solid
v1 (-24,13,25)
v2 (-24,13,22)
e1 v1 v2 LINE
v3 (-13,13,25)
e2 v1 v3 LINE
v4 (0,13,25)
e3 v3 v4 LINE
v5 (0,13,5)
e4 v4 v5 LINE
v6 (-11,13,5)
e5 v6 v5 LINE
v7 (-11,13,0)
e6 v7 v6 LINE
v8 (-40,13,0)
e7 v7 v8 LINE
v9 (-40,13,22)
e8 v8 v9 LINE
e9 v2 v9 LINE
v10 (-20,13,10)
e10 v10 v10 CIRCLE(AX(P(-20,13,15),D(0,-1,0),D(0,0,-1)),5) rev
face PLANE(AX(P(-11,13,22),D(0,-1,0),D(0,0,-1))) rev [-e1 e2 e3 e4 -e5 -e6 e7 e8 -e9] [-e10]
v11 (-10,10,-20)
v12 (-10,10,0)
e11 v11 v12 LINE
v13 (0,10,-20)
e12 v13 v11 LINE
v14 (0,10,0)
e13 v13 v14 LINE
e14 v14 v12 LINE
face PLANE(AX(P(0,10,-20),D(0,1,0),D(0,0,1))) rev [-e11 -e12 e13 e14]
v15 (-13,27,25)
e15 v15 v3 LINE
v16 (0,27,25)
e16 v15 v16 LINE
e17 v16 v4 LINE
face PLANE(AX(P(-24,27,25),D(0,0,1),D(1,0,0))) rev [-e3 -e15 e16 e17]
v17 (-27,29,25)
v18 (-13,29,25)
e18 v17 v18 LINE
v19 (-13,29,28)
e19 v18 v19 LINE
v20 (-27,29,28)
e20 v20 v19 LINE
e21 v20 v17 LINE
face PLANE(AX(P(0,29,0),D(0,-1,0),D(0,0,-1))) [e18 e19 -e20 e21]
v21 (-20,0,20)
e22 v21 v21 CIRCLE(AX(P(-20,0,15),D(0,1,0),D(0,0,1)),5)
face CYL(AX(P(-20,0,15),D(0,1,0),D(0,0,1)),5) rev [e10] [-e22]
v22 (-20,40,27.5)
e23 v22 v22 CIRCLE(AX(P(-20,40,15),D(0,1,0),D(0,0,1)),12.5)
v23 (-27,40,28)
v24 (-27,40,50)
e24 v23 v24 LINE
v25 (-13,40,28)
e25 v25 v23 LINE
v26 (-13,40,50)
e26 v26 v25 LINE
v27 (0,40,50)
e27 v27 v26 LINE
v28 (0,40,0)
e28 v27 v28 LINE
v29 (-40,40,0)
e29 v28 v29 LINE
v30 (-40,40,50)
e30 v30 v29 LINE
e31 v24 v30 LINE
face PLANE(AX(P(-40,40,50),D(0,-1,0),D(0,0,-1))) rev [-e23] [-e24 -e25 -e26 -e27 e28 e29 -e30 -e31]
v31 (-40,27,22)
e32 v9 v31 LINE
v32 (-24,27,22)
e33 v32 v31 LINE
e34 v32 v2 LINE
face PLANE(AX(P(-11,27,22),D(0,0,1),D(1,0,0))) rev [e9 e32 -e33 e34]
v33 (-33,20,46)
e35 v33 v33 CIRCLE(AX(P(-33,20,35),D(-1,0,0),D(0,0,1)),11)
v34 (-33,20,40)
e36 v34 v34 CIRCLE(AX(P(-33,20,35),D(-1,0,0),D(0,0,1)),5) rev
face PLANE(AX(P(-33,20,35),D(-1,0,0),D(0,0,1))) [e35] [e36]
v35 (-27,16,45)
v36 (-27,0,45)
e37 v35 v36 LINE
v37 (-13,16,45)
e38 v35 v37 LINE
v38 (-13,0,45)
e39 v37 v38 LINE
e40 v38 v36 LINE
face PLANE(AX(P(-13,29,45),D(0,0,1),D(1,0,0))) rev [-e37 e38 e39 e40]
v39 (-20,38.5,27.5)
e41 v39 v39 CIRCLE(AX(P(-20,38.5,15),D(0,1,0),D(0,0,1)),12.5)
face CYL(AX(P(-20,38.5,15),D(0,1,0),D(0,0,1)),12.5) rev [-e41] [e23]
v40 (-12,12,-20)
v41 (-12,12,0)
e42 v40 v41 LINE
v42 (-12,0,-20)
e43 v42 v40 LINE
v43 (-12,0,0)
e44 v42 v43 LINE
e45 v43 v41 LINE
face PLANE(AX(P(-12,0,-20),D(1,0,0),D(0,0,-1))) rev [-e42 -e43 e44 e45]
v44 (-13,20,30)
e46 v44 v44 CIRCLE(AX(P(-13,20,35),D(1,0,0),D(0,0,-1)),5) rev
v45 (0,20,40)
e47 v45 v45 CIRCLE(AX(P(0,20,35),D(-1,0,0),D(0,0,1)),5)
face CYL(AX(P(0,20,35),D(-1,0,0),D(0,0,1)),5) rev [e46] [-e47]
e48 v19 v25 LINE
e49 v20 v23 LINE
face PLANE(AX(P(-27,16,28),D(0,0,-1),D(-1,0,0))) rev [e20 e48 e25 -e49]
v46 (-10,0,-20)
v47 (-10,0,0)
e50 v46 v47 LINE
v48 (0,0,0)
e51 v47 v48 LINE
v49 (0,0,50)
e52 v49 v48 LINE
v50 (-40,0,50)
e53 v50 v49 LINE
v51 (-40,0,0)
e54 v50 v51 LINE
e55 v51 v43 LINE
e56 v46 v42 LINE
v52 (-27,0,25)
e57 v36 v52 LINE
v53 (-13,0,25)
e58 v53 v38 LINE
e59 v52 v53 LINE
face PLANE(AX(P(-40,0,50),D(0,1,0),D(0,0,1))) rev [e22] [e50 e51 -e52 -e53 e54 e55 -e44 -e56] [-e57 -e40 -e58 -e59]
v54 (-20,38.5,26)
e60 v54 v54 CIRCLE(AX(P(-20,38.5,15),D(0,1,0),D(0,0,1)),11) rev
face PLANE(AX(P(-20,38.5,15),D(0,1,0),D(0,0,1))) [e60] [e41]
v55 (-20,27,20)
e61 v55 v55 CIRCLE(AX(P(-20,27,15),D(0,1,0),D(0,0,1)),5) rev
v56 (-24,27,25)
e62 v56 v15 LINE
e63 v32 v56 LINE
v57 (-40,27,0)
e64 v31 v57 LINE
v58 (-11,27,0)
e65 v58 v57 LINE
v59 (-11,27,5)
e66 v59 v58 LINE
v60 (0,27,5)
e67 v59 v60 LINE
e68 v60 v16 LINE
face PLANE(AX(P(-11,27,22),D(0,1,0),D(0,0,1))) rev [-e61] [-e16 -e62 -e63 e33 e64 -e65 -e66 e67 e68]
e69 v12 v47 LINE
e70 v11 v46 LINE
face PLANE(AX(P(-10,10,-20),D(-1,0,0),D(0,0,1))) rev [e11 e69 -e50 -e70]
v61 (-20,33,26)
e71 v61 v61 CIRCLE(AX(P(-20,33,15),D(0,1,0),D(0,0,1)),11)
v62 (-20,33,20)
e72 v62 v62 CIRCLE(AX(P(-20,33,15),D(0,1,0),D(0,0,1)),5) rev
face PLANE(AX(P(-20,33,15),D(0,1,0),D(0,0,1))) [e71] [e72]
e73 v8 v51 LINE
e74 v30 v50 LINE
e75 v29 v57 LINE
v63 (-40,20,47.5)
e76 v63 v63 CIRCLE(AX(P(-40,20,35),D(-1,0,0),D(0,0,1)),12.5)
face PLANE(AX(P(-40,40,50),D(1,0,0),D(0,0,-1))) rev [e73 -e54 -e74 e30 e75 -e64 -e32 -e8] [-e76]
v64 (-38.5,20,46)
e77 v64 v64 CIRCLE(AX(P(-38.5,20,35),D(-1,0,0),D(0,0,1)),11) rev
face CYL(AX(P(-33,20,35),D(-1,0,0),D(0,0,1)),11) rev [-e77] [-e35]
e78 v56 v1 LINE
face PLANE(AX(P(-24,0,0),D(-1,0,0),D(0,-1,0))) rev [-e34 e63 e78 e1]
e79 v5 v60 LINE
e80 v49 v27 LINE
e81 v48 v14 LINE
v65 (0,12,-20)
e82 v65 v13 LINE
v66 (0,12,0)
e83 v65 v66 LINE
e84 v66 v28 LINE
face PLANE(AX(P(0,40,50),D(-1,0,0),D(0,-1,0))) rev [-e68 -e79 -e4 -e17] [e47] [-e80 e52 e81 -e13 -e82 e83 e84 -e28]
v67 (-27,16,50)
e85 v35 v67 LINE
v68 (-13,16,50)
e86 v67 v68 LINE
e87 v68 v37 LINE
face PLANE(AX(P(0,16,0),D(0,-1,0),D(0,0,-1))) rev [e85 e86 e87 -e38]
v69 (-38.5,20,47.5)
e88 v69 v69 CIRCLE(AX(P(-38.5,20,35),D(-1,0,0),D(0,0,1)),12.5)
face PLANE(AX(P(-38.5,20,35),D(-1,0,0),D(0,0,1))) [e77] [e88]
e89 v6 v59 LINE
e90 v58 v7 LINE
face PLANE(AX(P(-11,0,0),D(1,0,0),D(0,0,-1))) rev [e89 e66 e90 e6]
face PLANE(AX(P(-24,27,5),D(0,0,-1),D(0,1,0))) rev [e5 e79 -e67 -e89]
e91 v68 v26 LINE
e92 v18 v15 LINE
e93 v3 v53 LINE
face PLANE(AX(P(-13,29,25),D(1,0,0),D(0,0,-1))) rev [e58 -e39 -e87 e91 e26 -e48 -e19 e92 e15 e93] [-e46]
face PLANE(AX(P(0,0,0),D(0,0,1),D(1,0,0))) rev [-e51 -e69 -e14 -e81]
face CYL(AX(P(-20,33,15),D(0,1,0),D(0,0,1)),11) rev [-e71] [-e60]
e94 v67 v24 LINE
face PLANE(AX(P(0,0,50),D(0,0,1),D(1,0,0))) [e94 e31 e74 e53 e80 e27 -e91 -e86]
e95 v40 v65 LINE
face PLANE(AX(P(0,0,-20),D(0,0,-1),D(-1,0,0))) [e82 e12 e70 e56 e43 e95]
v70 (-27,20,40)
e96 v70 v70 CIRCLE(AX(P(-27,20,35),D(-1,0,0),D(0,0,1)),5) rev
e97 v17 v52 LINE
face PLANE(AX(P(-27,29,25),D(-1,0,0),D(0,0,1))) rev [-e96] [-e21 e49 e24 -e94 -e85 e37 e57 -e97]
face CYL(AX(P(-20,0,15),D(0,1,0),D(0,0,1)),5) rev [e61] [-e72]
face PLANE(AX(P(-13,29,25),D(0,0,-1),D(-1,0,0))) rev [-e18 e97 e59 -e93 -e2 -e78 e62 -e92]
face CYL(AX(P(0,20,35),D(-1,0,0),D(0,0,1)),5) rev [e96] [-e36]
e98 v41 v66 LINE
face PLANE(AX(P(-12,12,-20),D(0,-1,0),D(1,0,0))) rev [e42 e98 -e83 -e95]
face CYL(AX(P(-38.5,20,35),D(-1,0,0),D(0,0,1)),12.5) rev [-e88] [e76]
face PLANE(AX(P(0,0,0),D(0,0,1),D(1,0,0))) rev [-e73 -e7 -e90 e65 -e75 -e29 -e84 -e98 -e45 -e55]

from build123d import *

# Parameters (mm, degrees)
ESQUISSE1_W              = 40
ESQUISSE1_H              = 40
BOSS_EXTRU_1_DEPTH       = 50
ESQUISSE2_R              = 5
ENL_V_MAT_EXTRU_1_DEPTH  = 41
ESQUISSE3_R              = 5
ENL_V_MAT_EXTRU_2_DEPTH  = 41
ESQUISSE4_W              = 22
ESQUISSE4_H              = 14
ENL_V_MAT_EXTRU_3_DEPTH  = 29
ESQUISSE5_W              = 14
ESQUISSE5_H              = 20
ENL_V_MAT_EXTRU_4_DEPTH  = 29
ESQUISSE6_W              = 20
ESQUISSE6_H              = 14
ENL_V_MAT_EXTRU_5_DEPTH  = 24
ESQUISSE7_W              = 14
ESQUISSE7_H              = 22
ENL_V_MAT_EXTRU_6_DEPTH  = 24
ESQUISSE10_R             = 11
ENL_V_MAT_EXTRU_9_DEPTH  = 7
ESQUISSE11_R             = 12.5
ENL_V_MAT_EXTRU_10_DEPTH = 1.5
ESQUISSE14_R             = 11
ENL_V_MAT_EXTRU_11_DEPTH = 7
ESQUISSE15_R             = 12.5
ENL_V_MAT_EXTRU_12_DEPTH = 1.5
BOSS_EXTRU_2_DEPTH       = 20


with BuildPart() as part:
    # Esquisse1 → Boss.-Extru.1 (new body)
    with BuildSketch(Plane.XY):
        with Locations((-20, 20)):
            Rectangle(ESQUISSE1_W, ESQUISSE1_H)
    extrude(amount=BOSS_EXTRU_1_DEPTH)

    # Esquisse2 → Enlèv. mat.-Extru.1 (cut, through all)
    with BuildSketch(Plane(origin=(0, 40, 0), x_dir=(1, 0, 0), z_dir=(0, 1, 0))):
        with Locations(Location((-20, -15, 0), (0, 0, 270))):  # turned: the seam where the file's is
            Circle(ESQUISSE2_R)
    extrude(amount=-ENL_V_MAT_EXTRU_1_DEPTH, mode=Mode.SUBTRACT)

    # Esquisse3 → Enlèv. mat.-Extru.2 (cut, through all)
    with BuildSketch(Plane.ZY.offset(40)):
        with Locations((35, 20)):
            Circle(ESQUISSE3_R)
    extrude(amount=-ENL_V_MAT_EXTRU_2_DEPTH, mode=Mode.SUBTRACT)

    # Esquisse4 → Enlèv. mat.-Extru.3 (cut)
    with BuildSketch(Plane.ZY.offset(40)):
        with Locations((11, 20)):
            Rectangle(ESQUISSE4_W, ESQUISSE4_H)
    extrude(amount=-ENL_V_MAT_EXTRU_3_DEPTH, mode=Mode.SUBTRACT)

    # Esquisse5 → Enlèv. mat.-Extru.4 (cut)
    with BuildSketch(Plane.XZ):
        with Locations((-20, 35)):
            Rectangle(ESQUISSE5_W, ESQUISSE5_H)
    extrude(amount=-ENL_V_MAT_EXTRU_4_DEPTH, mode=Mode.SUBTRACT)

    # Esquisse6 → Enlèv. mat.-Extru.5 (cut)
    with BuildSketch(Plane(origin=(0, 0, 0), x_dir=(0, 0, -1), z_dir=(1, 0, 0))):
        with Locations((-15, 20)):
            Rectangle(ESQUISSE6_W, ESQUISSE6_H)
    extrude(amount=-ENL_V_MAT_EXTRU_5_DEPTH, mode=Mode.SUBTRACT)

    # Esquisse7 → Enlèv. mat.-Extru.6 (cut)
    with BuildSketch(Plane(origin=(0, 40, 0), x_dir=(1, 0, 0), z_dir=(0, 1, 0))):
        with Locations((-20, -39)):
            Rectangle(ESQUISSE7_W, ESQUISSE7_H)
    extrude(amount=-ENL_V_MAT_EXTRU_6_DEPTH, mode=Mode.SUBTRACT)

    # Esquisse10 → Enlèv. mat.-Extru.9 (cut)
    with BuildSketch(Plane(origin=(0, 40, 0), x_dir=(1, 0, 0), z_dir=(0, 1, 0))):
        with Locations(Location((-20, -15, 0), (0, 0, 270))):  # turned: the seam where the file's is
            Circle(ESQUISSE10_R)
    extrude(amount=-ENL_V_MAT_EXTRU_9_DEPTH, mode=Mode.SUBTRACT)

    # Esquisse11 → Enlèv. mat.-Extru.10 (cut)
    with BuildSketch(Plane(origin=(0, 40, 0), x_dir=(1, 0, 0), z_dir=(0, 1, 0))):
        with Locations(Location((-20, -15, 0), (0, 0, 270))):  # turned: the seam where the file's is
            Circle(ESQUISSE11_R)
    extrude(amount=-ENL_V_MAT_EXTRU_10_DEPTH, mode=Mode.SUBTRACT)

    # Esquisse14 → Enlèv. mat.-Extru.11 (cut)
    with BuildSketch(Plane.ZY.offset(40)):
        with Locations((35, 20)):
            Circle(ESQUISSE14_R)
    extrude(amount=-ENL_V_MAT_EXTRU_11_DEPTH, mode=Mode.SUBTRACT)

    # Esquisse15 → Enlèv. mat.-Extru.12 (cut)
    with BuildSketch(Plane.ZY.offset(40)):
        with Locations((35, 20)):
            Circle(ESQUISSE15_R)
    extrude(amount=-ENL_V_MAT_EXTRU_12_DEPTH, mode=Mode.SUBTRACT)

    # Esquisse16 → Boss.-Extru.2 (add)
    with BuildSketch(Plane(origin=(0, 0, 0), x_dir=(-1, 0, 0), z_dir=(0, 0, -1))):
        Polygon((12, 0), (12, 12), (0, 12), (0, 10), (10, 10), (10, 0), align=None)
    extrude(amount=BOSS_EXTRU_2_DEPTH)


solid = part.part
